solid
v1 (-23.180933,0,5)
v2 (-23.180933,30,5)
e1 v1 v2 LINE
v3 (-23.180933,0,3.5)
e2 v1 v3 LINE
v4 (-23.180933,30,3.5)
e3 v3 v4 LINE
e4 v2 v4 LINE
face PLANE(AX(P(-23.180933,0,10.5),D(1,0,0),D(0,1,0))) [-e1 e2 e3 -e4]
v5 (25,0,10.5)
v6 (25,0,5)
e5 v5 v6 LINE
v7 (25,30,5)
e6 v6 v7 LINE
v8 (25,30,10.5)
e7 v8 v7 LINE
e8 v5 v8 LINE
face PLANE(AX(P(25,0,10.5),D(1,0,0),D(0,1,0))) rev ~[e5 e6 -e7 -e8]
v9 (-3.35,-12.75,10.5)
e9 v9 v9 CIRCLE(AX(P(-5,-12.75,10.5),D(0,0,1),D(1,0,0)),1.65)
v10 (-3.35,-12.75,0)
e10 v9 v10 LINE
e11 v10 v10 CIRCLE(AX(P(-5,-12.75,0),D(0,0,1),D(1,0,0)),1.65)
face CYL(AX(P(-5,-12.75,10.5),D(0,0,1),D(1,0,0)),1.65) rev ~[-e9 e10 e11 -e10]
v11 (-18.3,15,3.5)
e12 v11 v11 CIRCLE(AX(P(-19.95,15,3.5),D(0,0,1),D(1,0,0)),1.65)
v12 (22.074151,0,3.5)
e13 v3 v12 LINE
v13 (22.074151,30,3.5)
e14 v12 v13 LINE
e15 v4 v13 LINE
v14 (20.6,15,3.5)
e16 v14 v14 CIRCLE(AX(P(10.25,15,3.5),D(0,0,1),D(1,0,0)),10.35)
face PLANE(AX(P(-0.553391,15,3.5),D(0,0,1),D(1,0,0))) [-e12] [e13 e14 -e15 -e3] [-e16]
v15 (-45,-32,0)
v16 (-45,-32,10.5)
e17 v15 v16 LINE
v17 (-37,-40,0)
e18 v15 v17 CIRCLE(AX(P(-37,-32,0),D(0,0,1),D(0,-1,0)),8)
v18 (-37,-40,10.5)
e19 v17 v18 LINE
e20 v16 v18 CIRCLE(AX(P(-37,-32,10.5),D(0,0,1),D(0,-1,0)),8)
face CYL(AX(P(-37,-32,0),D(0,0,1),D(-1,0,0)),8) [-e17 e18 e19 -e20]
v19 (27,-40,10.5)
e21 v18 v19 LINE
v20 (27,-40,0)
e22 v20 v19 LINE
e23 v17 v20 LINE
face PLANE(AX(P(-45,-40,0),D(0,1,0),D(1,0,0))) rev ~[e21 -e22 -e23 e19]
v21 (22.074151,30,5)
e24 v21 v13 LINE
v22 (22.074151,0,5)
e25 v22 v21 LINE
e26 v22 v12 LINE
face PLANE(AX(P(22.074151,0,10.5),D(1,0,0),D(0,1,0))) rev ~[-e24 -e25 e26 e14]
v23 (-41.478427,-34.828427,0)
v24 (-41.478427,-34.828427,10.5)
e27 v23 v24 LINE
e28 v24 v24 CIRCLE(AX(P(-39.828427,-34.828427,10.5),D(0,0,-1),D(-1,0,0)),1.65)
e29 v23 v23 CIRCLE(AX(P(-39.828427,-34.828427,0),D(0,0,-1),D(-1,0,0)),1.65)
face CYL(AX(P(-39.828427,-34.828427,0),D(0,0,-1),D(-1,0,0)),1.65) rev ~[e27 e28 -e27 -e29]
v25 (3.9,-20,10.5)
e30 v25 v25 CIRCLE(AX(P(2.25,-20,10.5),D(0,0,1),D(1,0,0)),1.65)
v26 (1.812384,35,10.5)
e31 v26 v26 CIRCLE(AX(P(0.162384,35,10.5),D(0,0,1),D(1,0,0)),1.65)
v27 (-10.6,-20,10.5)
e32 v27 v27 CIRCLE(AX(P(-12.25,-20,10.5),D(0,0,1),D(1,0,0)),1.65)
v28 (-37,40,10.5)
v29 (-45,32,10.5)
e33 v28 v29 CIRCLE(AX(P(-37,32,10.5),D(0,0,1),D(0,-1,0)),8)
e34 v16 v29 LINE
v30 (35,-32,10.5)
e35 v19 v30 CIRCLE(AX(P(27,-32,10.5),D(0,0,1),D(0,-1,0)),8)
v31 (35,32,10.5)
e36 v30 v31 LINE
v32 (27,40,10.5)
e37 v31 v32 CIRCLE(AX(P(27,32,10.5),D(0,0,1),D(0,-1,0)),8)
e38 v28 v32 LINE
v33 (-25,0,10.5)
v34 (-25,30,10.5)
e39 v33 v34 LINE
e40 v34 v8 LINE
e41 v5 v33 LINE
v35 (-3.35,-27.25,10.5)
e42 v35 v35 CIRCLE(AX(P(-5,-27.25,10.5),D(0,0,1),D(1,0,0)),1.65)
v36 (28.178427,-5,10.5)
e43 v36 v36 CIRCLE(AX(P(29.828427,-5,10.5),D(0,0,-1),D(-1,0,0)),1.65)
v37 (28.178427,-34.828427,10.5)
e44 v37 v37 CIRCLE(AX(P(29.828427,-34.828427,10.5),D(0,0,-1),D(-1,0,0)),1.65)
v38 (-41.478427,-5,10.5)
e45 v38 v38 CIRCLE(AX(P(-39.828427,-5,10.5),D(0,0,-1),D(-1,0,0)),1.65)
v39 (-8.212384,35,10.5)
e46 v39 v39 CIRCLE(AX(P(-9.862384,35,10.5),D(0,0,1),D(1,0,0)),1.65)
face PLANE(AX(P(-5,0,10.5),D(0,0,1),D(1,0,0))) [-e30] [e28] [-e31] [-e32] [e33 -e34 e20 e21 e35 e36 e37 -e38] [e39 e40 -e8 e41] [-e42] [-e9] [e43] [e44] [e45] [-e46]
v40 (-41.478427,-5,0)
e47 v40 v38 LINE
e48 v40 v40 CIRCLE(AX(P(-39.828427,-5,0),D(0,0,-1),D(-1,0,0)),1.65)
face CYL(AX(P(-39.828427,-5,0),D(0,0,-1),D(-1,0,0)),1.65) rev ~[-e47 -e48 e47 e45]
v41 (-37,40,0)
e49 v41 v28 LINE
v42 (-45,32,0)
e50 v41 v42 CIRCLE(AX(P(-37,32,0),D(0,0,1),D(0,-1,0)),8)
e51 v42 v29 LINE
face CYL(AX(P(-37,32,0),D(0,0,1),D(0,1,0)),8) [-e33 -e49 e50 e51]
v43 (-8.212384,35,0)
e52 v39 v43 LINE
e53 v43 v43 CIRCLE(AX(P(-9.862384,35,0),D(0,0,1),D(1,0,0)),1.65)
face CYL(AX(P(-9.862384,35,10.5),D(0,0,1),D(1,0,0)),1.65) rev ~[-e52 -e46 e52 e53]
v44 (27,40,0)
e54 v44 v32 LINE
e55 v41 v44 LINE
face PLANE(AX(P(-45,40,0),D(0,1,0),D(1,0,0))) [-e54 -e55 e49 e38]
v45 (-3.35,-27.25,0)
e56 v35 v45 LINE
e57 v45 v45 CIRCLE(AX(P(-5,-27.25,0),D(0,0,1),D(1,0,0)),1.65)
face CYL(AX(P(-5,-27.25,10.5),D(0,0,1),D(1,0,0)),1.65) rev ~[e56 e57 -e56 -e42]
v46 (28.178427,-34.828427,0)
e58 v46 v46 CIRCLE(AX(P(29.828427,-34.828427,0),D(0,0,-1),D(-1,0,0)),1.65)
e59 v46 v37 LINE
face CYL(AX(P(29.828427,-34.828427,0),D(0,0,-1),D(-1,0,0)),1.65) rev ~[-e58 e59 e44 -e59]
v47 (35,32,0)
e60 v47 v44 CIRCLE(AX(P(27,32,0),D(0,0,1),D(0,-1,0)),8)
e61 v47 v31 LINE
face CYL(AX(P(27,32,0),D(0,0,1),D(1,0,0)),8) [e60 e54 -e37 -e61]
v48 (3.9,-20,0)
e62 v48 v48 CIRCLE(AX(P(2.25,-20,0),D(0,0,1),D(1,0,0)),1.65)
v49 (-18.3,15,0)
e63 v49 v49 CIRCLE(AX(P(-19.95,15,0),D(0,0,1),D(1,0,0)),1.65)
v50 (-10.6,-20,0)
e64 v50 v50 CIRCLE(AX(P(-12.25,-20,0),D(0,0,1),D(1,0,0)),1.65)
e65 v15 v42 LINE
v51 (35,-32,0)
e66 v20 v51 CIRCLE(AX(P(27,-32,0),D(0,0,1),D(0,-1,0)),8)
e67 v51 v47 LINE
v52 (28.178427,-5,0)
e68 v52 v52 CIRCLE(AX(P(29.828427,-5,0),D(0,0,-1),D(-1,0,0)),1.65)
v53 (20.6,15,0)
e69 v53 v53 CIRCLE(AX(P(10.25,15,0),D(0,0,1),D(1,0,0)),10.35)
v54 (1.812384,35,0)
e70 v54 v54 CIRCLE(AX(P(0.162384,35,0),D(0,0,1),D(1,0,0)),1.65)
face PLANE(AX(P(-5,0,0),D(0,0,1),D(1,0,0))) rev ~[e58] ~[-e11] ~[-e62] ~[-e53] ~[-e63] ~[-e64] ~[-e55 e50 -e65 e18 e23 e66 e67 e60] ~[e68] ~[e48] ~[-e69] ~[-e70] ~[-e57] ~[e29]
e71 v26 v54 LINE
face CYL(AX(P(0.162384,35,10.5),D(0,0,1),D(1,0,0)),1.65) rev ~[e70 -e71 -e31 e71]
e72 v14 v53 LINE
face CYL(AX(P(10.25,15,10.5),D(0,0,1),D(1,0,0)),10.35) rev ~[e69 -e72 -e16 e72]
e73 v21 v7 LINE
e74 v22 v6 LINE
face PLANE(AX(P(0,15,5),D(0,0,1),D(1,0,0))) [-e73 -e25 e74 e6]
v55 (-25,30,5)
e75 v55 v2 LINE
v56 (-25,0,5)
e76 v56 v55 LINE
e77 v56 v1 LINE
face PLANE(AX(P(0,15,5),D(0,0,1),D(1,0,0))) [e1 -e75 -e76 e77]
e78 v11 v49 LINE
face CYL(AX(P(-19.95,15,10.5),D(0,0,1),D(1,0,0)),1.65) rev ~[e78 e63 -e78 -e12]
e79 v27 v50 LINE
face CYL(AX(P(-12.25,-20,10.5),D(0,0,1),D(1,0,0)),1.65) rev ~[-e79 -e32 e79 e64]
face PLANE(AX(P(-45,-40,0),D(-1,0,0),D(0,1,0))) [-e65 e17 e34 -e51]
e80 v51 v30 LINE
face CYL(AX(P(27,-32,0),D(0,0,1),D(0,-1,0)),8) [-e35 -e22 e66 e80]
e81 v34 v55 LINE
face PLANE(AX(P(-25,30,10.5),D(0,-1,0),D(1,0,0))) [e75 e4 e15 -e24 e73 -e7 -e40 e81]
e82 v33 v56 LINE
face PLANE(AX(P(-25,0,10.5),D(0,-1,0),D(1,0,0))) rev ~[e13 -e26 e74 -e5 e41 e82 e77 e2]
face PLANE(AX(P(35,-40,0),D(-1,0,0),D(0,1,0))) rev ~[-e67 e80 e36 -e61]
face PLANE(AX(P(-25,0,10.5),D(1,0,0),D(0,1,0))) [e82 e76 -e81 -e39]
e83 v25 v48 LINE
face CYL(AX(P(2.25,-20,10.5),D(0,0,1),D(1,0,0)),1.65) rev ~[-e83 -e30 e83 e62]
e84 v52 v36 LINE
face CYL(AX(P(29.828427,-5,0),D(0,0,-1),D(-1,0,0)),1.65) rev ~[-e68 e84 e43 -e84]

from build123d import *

# Parameters (mm, degrees)
SKETCH_1_W          = 80
SKETCH_1_H          = 80
EXTRUDE_1_DEPTH     = 10.5
SKETCH_3_R          = 10.35
SKETCH_3_R_2        = 1.65
CUT_EXTRUDE_1_DEPTH = 62.116691664
SKETCH_2_W          = 50
SKETCH_2_H          = 30
CUT_EXTRUDE_2_DEPTH = 5.5
SKETCH_6_W          = 45.255083204
SKETCH_6_H          = 30
CUT_EXTRUDE_3_DEPTH = 7
SKETCH_7_R          = 1.65
CUT_EXTRUDE_4_DEPTH = 62.116691664
FILLET_1_R          = 8
FILLET_2_R          = 8
FILLET_3_R          = 8
FILLET_4_R          = 8
SKETCH_9_R          = 1.65
CUT_EXTRUDE_5_DEPTH = 62.116691664


with BuildPart() as part:
    # 草图1 → 凸台-拉伸1 (new body)
    with BuildSketch(Plane.XY):
        with Locations((-5, 0)):
            Rectangle(SKETCH_1_W, SKETCH_1_H)
    extrude(amount=EXTRUDE_1_DEPTH)

    # 草图3 → 切除-拉伸1 (cut, through all)
    with BuildSketch(Plane.XY.offset(10.5)):
        with Locations((10.25, 15)):
            Circle(SKETCH_3_R)
        with Locations((-19.95, 15)):
            Circle(SKETCH_3_R_2)
        with Locations((-9.86238383, 35)):
            Circle(SKETCH_3_R_2)
        with Locations((0.16238383, 35)):
            Circle(SKETCH_3_R_2)
    extrude(amount=-CUT_EXTRUDE_1_DEPTH, mode=Mode.SUBTRACT)

    # 草图2 → 切除-拉伸2 (cut)
    with BuildSketch(Plane.XY.offset(10.5)):
        with Locations((0, 15)):
            Rectangle(SKETCH_2_W, SKETCH_2_H)
    extrude(amount=-CUT_EXTRUDE_2_DEPTH, mode=Mode.SUBTRACT)

    # 草图6 → 切除-拉伸3 (cut)
    with BuildSketch(Plane.XY.offset(10.5)):
        with Locations((-0.553390963, 15)):
            Rectangle(SKETCH_6_W, SKETCH_6_H)
    extrude(amount=-CUT_EXTRUDE_3_DEPTH, mode=Mode.SUBTRACT)

    # 草图7 → 切除-拉伸4 (cut, through all)
    with BuildSketch(Plane.XY.offset(10.5)):
        with Locations((-5, -12.75)):
            Circle(SKETCH_7_R)
        with Locations((2.25, -20)):
            Circle(SKETCH_7_R)
        with Locations((-5, -27.25)):
            Circle(SKETCH_7_R)
        with Locations((-12.25, -20)):
            Circle(SKETCH_7_R)
    extrude(amount=-CUT_EXTRUDE_4_DEPTH, mode=Mode.SUBTRACT)

    # 圆角1
    fillet_1_edges = [part.edges().sort_by_distance(p)[0] for p in [
        (-45, -40, 5.25),
    ]]
    fillet(fillet_1_edges, radius=FILLET_1_R)

    # 圆角2
    fillet_2_edges = [part.edges().sort_by_distance(p)[0] for p in [
        (35, -40, 5.25),
    ]]
    fillet(fillet_2_edges, radius=FILLET_2_R)

    # 圆角3
    fillet_3_edges = [part.edges().sort_by_distance(p)[0] for p in [
        (35, 40, 5.25),
    ]]
    fillet(fillet_3_edges, radius=FILLET_3_R)

    # 圆角4
    fillet_4_edges = [part.edges().sort_by_distance(p)[0] for p in [
        (-45, 40, 5.25),
    ]]
    fillet(fillet_4_edges, radius=FILLET_4_R)

    # 草图9 → 切除-拉伸5 (cut, through all)
    with BuildSketch(Plane(origin=(0, 0, 0), x_dir=(-1, 0, 0), z_dir=(0, 0, -1))):
        with Locations((-29.828427125, -34.828427125)):
            Circle(SKETCH_9_R)
        with Locations((39.828427125, -34.828427125)):
            Circle(SKETCH_9_R)
        with Locations((-29.828427125, -5)):
            Circle(SKETCH_9_R)
        with Locations((39.828427125, -5)):
            Circle(SKETCH_9_R)
    extrude(amount=-CUT_EXTRUDE_5_DEPTH, mode=Mode.SUBTRACT)


solid = part.part
